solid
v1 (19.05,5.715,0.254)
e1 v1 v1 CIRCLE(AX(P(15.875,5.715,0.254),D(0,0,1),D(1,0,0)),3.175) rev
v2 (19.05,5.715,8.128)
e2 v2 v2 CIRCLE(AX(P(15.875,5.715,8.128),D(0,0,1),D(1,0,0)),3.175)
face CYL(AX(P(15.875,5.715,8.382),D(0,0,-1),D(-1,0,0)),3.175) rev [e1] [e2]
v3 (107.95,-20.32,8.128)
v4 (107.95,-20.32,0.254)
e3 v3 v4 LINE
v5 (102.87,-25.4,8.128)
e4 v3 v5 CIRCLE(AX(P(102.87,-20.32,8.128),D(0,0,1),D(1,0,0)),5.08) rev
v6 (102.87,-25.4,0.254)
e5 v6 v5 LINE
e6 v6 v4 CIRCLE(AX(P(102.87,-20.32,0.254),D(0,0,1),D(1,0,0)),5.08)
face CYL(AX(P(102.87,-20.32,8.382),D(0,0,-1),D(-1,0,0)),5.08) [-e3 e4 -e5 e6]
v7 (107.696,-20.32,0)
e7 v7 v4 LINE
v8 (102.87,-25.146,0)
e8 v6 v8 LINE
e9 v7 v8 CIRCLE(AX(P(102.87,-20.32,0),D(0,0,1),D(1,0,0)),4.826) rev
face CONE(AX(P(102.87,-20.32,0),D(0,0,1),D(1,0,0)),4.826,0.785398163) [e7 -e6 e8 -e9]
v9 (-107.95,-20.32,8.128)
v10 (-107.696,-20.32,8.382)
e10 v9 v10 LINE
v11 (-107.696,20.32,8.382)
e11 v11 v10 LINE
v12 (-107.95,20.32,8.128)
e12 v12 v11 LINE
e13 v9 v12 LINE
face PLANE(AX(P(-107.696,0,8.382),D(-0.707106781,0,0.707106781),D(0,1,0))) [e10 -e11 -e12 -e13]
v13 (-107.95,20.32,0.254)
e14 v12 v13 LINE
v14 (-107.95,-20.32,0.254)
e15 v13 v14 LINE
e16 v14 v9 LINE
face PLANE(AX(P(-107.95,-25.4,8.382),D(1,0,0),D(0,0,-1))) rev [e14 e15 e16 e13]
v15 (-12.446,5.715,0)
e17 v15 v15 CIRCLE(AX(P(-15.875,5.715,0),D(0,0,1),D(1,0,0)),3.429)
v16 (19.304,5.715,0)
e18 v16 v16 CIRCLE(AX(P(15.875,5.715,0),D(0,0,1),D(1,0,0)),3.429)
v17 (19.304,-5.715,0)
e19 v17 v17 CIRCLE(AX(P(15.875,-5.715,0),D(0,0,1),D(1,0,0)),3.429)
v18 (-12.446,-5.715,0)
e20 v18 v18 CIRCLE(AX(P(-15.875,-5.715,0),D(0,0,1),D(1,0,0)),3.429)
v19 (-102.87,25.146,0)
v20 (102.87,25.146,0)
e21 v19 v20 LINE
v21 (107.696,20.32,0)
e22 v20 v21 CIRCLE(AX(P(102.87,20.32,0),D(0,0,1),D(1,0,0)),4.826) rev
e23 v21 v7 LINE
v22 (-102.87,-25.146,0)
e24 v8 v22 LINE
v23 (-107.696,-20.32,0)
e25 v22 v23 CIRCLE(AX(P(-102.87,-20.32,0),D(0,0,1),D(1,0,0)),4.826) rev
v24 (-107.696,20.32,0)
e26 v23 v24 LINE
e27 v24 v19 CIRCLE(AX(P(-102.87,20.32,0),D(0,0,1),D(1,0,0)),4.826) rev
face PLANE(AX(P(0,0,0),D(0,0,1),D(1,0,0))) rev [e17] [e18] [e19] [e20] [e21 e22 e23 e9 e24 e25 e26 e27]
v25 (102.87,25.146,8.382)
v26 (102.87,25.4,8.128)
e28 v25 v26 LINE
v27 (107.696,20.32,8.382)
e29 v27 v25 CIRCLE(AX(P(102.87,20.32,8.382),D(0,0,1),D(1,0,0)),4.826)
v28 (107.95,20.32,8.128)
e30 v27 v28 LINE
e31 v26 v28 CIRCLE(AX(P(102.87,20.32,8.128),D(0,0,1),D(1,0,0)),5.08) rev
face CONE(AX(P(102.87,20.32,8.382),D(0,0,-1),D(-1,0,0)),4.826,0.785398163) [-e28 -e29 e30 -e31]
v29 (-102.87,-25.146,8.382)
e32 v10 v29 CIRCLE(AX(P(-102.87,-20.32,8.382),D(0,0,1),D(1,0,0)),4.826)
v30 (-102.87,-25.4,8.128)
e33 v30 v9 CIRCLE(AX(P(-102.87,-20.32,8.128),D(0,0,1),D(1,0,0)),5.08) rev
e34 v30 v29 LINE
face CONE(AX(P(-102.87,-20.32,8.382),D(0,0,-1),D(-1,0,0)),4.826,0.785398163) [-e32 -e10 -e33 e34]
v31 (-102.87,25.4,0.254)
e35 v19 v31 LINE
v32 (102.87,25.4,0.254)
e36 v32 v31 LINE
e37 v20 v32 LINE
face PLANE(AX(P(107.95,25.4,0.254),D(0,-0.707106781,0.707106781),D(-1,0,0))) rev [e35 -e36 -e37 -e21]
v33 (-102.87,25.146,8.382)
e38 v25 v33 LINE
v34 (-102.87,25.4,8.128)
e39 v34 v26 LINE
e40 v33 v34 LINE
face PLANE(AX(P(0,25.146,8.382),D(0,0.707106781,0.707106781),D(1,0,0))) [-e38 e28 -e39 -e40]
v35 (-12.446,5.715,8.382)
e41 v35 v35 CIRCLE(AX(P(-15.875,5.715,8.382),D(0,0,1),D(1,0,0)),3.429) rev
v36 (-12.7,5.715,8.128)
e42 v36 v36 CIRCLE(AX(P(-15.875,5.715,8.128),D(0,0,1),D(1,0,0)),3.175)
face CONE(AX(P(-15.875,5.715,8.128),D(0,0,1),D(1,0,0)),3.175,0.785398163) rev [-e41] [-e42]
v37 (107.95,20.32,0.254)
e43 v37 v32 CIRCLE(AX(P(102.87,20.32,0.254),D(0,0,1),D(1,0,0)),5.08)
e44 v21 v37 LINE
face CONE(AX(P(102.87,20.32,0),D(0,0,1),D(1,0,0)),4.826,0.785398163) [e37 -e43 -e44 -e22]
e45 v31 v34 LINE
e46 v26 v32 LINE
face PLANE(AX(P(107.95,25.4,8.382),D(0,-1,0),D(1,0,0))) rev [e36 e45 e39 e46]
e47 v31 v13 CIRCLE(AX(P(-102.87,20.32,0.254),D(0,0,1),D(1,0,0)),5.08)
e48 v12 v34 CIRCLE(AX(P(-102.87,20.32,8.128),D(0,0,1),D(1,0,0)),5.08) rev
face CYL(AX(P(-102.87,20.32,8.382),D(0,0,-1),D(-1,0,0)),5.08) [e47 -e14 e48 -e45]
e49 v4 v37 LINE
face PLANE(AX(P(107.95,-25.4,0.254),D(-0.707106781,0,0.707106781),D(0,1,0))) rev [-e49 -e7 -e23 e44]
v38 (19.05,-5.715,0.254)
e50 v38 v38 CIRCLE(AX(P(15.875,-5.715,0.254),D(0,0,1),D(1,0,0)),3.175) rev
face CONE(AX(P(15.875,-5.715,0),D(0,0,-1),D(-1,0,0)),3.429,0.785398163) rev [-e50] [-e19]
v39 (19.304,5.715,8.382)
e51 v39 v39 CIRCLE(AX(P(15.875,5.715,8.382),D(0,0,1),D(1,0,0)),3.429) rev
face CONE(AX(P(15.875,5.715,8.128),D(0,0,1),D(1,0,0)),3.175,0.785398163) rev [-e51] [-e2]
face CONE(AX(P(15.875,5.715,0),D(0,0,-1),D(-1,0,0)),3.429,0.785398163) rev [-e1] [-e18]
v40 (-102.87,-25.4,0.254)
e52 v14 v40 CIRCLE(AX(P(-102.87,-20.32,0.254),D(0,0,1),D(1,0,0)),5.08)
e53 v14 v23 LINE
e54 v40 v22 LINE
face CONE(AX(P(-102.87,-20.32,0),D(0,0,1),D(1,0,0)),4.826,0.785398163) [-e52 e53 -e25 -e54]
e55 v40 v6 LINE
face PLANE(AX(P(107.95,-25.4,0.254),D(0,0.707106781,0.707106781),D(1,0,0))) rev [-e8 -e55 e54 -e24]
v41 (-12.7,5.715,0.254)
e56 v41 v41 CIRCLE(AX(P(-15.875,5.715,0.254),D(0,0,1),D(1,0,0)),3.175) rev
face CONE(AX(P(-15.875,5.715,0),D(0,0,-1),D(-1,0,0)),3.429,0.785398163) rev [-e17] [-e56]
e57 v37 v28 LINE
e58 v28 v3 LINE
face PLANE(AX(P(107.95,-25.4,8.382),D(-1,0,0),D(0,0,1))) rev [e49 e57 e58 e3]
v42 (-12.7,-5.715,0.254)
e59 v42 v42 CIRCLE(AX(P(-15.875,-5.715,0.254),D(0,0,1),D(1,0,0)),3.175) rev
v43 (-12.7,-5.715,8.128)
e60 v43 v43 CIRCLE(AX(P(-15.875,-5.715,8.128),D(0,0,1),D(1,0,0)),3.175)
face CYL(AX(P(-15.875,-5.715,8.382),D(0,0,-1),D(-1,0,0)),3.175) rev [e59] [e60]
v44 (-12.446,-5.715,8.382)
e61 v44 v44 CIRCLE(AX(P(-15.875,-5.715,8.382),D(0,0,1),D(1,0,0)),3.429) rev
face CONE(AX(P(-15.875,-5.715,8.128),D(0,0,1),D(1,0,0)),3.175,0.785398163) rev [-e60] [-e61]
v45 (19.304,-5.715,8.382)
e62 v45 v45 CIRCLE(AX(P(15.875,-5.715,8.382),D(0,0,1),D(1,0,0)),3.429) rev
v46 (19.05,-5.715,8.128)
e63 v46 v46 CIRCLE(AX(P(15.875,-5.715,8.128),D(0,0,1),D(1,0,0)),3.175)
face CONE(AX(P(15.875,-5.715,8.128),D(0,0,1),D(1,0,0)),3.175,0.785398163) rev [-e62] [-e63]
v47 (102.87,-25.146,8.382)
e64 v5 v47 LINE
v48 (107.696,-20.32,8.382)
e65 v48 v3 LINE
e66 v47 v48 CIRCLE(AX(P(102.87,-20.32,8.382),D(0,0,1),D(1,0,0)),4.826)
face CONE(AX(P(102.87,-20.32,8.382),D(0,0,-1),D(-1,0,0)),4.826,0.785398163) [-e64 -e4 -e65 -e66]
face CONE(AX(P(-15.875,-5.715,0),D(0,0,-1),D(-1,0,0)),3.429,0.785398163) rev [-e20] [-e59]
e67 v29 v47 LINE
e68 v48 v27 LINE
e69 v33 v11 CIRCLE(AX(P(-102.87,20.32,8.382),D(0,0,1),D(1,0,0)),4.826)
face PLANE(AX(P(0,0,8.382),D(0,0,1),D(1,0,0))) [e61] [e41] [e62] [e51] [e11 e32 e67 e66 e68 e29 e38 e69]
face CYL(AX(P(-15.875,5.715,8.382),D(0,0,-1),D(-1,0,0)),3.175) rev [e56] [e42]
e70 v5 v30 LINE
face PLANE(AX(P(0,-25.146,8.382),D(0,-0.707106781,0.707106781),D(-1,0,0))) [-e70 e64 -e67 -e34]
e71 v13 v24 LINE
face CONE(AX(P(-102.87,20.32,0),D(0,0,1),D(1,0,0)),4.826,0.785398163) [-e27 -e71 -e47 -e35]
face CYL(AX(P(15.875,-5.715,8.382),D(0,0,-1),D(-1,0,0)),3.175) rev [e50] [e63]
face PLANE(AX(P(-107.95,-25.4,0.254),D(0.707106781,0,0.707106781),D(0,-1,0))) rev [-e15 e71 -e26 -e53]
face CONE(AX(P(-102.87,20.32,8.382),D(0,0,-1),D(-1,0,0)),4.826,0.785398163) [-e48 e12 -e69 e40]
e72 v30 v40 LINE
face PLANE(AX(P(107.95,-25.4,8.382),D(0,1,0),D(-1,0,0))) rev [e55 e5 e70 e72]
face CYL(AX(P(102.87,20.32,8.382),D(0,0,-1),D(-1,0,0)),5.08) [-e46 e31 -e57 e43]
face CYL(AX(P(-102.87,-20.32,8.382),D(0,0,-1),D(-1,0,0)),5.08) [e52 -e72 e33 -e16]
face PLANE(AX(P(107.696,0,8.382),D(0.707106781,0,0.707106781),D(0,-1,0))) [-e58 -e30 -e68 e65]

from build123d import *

# Parameters (mm, degrees)
SKETCH1_W           = 215.9
SKETCH1_H           = 50.8
SKETCH1_R           = 3.175
BOSS_EXTRUDE1_DEPTH = 8.382
FILLET1_R           = 5.08
CHAMFER1_SIZE       = 0.254


with BuildPart() as part:
    # Sketch1 → Boss-Extrude1 (new body)
    with BuildSketch(Plane.XY):
        Rectangle(SKETCH1_W, SKETCH1_H)
        with Locations((-15.875, 5.715)):
            Circle(SKETCH1_R, mode=Mode.SUBTRACT)
        with Locations((15.875, 5.715)):
            Circle(SKETCH1_R, mode=Mode.SUBTRACT)
        with Locations((15.875, -5.715)):
            Circle(SKETCH1_R, mode=Mode.SUBTRACT)
        with Locations((-15.875, -5.715)):
            Circle(SKETCH1_R, mode=Mode.SUBTRACT)
    extrude(amount=BOSS_EXTRUDE1_DEPTH)

    # Fillet1
    fillet1_edges = [part.edges().sort_by_distance(p)[0] for p in [
        (-107.95, 25.4, 4.191),
        (107.95, 25.4, 4.191),
        (107.95, -25.4, 4.191),
        (-107.95, -25.4, 4.191),
    ]]
    fillet(fillet1_edges, radius=FILLET1_R)

    # Chamfer1
    chamfer1_edges = [part.edges().sort_by_distance(p)[0] for p in [
        (-19.05, 5.715, 0),
        (-19.05, 5.715, 8.382),
        (12.7, 5.715, 0),
        (12.7, 5.715, 8.382),
        (12.7, -5.715, 0),
        (12.7, -5.715, 8.382),
        (-19.05, -5.715, 0),
        (-19.05, -5.715, 8.382),
        (0, -25.4, 0),
        (0, -25.4, 8.382),
        (-107.95, 0, 0),
        (0, 25.4, 0),
        (107.95, 0, 0),
        (-106.462102448, 23.912102448, 0),
        (106.462102448, 23.912102448, 0),
        (106.462102448, -23.912102448, 0),
        (-106.462102448, -23.912102448, 0),
        (-107.95, 0, 8.382),
        (107.95, 0, 8.382),
        (0, 25.4, 8.382),
        (-106.462102448, 23.912102448, 8.382),
        (106.462102448, 23.912102448, 8.382),
        (106.462102448, -23.912102448, 8.382),
        (-106.462102448, -23.912102448, 8.382),
    ]]
    chamfer(chamfer1_edges, length=CHAMFER1_SIZE)


solid = part.part
